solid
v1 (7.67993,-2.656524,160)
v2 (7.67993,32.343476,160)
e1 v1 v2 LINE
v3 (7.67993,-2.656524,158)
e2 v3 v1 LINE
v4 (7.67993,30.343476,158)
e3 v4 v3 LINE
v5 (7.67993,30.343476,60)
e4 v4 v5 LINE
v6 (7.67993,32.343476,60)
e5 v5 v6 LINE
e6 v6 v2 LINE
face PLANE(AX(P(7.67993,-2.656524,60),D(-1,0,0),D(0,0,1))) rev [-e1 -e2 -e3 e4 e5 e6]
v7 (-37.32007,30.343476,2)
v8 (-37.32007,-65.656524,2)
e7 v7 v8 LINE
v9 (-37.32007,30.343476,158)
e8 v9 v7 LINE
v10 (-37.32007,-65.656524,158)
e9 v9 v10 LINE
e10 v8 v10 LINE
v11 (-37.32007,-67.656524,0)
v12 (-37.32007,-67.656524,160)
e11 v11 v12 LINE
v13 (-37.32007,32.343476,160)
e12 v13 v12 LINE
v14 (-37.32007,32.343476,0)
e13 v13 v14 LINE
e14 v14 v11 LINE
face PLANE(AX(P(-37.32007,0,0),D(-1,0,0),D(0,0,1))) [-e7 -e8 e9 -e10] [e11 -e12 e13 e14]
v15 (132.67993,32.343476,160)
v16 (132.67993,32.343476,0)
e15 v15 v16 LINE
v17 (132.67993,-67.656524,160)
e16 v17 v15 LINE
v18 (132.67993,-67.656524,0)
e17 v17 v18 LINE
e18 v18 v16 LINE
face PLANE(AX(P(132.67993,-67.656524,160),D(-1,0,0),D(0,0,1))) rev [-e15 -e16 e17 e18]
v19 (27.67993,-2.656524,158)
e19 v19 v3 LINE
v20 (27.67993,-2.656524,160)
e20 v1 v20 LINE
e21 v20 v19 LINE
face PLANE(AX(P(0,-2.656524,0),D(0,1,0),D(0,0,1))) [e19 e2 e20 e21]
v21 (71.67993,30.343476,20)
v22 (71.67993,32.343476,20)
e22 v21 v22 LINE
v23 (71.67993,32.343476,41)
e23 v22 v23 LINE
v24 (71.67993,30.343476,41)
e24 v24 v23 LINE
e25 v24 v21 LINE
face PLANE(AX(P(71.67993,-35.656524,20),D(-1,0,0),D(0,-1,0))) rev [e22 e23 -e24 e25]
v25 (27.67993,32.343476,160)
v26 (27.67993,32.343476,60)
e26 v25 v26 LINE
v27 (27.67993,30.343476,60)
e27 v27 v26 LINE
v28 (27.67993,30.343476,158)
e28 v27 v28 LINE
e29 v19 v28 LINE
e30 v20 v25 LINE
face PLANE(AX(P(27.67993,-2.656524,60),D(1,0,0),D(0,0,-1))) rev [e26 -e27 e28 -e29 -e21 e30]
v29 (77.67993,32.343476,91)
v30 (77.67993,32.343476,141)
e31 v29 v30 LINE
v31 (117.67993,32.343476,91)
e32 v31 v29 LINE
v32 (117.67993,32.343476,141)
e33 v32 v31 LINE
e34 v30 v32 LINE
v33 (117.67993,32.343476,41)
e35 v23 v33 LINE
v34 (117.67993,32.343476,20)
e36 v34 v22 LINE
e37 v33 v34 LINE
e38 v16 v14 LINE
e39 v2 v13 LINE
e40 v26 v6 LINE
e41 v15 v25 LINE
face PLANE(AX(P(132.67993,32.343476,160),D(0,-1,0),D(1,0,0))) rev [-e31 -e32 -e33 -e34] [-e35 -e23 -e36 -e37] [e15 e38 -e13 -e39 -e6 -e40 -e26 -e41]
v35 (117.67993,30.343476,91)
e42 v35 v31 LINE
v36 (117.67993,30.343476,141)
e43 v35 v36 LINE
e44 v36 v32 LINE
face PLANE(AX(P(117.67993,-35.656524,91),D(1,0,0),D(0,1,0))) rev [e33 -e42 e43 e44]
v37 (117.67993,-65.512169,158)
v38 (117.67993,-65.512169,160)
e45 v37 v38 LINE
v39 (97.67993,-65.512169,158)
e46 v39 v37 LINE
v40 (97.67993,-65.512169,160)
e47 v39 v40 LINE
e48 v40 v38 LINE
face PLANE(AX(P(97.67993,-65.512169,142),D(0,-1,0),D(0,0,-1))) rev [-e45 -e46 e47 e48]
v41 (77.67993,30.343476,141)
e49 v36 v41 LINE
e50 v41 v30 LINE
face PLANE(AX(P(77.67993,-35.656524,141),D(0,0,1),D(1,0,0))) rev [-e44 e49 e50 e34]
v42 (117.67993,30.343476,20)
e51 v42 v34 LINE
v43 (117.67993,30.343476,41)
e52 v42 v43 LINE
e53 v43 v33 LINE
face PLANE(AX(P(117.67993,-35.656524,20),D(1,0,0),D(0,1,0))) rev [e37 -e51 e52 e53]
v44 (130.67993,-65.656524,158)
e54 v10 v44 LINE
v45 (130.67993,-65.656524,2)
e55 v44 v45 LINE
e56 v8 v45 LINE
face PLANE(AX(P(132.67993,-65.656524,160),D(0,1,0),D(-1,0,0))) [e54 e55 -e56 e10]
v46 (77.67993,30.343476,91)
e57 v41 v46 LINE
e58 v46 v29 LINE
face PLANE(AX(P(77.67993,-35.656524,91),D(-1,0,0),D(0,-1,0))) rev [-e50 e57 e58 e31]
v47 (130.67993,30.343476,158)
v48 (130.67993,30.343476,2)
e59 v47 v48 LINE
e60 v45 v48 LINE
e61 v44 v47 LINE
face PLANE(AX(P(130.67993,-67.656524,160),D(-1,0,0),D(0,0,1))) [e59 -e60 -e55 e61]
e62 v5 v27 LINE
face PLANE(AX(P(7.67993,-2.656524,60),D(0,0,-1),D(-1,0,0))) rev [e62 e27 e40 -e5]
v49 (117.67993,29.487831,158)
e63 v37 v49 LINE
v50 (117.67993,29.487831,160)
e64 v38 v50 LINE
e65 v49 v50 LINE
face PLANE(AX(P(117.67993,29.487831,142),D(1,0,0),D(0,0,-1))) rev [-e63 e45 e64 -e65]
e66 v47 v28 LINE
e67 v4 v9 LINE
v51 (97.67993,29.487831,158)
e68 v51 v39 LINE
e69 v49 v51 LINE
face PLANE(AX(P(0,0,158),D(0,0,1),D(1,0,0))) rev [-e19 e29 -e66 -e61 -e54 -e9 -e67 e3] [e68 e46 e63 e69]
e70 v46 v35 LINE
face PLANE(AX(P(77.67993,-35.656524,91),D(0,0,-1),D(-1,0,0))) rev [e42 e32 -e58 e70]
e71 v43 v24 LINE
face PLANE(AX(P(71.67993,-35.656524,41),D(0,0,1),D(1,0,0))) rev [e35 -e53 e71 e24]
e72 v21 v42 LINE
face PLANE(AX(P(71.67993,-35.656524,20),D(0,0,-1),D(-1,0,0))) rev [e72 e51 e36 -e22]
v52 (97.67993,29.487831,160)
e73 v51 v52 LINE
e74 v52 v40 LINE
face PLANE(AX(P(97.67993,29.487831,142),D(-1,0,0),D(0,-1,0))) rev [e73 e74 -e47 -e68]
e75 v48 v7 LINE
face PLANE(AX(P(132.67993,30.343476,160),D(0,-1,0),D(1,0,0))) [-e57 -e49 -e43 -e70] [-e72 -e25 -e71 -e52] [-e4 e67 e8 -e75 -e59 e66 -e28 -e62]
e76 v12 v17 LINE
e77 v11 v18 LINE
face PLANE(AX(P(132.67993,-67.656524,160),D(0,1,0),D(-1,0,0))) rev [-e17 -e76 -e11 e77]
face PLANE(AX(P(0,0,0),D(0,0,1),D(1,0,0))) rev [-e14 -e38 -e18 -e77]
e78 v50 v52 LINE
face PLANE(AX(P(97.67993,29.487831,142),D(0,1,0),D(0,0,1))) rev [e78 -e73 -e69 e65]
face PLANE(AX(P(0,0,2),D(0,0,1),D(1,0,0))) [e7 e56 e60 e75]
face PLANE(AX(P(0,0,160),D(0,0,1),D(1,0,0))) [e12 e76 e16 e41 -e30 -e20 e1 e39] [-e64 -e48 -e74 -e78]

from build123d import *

# Parameters (mm, degrees)
SKETCH1_W           = 200
SKETCH1_H           = 100
BOSS_EXTRUDE1_DEPTH = 160
SHELL3_T            = -2
SKETCH2_W           = 46
SKETCH2_H           = 21
SKETCH2_W_2         = 40
SKETCH2_H_2         = 50
CUT_EXTRUDE1_DEPTH  = 68
SKETCH4_W           = 20
SKETCH4_H           = 95
CUT_EXTRUDE2_DEPTH  = 18
SKETCH6_W           = 20
SKETCH6_H           = 100
CUT_EXTRUDE3_DEPTH  = 35
SKETCH8_W           = 167.837082792
SKETCH8_H           = 105.374637329
CUT_EXTRUDE4_DEPTH  = 30


with BuildPart() as part:
    # Sketch1 → Boss-Extrude1 (new body)
    with BuildSketch(Plane.XY):
        with Locations((32.679929783, -17.656524283)):
            Rectangle(SKETCH1_W, SKETCH1_H)
    extrude(amount=BOSS_EXTRUDE1_DEPTH)

    # Shell3
    shell3_openings = [part.faces().sort_by_distance(p)[0] for p in [
        (-67.320070217, -17.656524283, 80),
    ]]
    offset(amount=SHELL3_T, openings=shell3_openings, kind=Kind.INTERSECTION)

    # Sketch2 → Cut-Extrude1 (cut)
    with BuildSketch(Plane(origin=(0, 32.343475717, 0), x_dir=(1, 0, 0), z_dir=(0, 1, 0))):
        with Locations((94.679929783, -30.5)):
            Rectangle(SKETCH2_W, SKETCH2_H)
        with Locations((97.679929783, -116)):
            Rectangle(SKETCH2_W_2, SKETCH2_H_2)
    extrude(amount=-CUT_EXTRUDE1_DEPTH, mode=Mode.SUBTRACT)

    # Sketch4 → Cut-Extrude2 (cut)
    with BuildSketch(Plane.XY.offset(160)):
        with Locations((107.679929783, -18.012169352)):
            Rectangle(SKETCH4_W, SKETCH4_H)
    extrude(amount=-CUT_EXTRUDE2_DEPTH, mode=Mode.SUBTRACT)

    # Sketch6 → Cut-Extrude3 (cut)
    with BuildSketch(Plane(origin=(0, 32.343475717, 0), x_dir=(1, 0, 0), z_dir=(0, 1, 0))):
        with Locations((17.679929783, -110)):
            Rectangle(SKETCH6_W, SKETCH6_H)
    extrude(amount=-CUT_EXTRUDE3_DEPTH, mode=Mode.SUBTRACT)

    # Sketch8 → Cut-Extrude4 (cut)
    with BuildSketch(Plane.ZY.offset(67.320070217)):
        with Locations((79.323733366, -18.148354562)):
            Rectangle(SKETCH8_W, SKETCH8_H)
    extrude(amount=-CUT_EXTRUDE4_DEPTH, mode=Mode.SUBTRACT)


solid = part.part
